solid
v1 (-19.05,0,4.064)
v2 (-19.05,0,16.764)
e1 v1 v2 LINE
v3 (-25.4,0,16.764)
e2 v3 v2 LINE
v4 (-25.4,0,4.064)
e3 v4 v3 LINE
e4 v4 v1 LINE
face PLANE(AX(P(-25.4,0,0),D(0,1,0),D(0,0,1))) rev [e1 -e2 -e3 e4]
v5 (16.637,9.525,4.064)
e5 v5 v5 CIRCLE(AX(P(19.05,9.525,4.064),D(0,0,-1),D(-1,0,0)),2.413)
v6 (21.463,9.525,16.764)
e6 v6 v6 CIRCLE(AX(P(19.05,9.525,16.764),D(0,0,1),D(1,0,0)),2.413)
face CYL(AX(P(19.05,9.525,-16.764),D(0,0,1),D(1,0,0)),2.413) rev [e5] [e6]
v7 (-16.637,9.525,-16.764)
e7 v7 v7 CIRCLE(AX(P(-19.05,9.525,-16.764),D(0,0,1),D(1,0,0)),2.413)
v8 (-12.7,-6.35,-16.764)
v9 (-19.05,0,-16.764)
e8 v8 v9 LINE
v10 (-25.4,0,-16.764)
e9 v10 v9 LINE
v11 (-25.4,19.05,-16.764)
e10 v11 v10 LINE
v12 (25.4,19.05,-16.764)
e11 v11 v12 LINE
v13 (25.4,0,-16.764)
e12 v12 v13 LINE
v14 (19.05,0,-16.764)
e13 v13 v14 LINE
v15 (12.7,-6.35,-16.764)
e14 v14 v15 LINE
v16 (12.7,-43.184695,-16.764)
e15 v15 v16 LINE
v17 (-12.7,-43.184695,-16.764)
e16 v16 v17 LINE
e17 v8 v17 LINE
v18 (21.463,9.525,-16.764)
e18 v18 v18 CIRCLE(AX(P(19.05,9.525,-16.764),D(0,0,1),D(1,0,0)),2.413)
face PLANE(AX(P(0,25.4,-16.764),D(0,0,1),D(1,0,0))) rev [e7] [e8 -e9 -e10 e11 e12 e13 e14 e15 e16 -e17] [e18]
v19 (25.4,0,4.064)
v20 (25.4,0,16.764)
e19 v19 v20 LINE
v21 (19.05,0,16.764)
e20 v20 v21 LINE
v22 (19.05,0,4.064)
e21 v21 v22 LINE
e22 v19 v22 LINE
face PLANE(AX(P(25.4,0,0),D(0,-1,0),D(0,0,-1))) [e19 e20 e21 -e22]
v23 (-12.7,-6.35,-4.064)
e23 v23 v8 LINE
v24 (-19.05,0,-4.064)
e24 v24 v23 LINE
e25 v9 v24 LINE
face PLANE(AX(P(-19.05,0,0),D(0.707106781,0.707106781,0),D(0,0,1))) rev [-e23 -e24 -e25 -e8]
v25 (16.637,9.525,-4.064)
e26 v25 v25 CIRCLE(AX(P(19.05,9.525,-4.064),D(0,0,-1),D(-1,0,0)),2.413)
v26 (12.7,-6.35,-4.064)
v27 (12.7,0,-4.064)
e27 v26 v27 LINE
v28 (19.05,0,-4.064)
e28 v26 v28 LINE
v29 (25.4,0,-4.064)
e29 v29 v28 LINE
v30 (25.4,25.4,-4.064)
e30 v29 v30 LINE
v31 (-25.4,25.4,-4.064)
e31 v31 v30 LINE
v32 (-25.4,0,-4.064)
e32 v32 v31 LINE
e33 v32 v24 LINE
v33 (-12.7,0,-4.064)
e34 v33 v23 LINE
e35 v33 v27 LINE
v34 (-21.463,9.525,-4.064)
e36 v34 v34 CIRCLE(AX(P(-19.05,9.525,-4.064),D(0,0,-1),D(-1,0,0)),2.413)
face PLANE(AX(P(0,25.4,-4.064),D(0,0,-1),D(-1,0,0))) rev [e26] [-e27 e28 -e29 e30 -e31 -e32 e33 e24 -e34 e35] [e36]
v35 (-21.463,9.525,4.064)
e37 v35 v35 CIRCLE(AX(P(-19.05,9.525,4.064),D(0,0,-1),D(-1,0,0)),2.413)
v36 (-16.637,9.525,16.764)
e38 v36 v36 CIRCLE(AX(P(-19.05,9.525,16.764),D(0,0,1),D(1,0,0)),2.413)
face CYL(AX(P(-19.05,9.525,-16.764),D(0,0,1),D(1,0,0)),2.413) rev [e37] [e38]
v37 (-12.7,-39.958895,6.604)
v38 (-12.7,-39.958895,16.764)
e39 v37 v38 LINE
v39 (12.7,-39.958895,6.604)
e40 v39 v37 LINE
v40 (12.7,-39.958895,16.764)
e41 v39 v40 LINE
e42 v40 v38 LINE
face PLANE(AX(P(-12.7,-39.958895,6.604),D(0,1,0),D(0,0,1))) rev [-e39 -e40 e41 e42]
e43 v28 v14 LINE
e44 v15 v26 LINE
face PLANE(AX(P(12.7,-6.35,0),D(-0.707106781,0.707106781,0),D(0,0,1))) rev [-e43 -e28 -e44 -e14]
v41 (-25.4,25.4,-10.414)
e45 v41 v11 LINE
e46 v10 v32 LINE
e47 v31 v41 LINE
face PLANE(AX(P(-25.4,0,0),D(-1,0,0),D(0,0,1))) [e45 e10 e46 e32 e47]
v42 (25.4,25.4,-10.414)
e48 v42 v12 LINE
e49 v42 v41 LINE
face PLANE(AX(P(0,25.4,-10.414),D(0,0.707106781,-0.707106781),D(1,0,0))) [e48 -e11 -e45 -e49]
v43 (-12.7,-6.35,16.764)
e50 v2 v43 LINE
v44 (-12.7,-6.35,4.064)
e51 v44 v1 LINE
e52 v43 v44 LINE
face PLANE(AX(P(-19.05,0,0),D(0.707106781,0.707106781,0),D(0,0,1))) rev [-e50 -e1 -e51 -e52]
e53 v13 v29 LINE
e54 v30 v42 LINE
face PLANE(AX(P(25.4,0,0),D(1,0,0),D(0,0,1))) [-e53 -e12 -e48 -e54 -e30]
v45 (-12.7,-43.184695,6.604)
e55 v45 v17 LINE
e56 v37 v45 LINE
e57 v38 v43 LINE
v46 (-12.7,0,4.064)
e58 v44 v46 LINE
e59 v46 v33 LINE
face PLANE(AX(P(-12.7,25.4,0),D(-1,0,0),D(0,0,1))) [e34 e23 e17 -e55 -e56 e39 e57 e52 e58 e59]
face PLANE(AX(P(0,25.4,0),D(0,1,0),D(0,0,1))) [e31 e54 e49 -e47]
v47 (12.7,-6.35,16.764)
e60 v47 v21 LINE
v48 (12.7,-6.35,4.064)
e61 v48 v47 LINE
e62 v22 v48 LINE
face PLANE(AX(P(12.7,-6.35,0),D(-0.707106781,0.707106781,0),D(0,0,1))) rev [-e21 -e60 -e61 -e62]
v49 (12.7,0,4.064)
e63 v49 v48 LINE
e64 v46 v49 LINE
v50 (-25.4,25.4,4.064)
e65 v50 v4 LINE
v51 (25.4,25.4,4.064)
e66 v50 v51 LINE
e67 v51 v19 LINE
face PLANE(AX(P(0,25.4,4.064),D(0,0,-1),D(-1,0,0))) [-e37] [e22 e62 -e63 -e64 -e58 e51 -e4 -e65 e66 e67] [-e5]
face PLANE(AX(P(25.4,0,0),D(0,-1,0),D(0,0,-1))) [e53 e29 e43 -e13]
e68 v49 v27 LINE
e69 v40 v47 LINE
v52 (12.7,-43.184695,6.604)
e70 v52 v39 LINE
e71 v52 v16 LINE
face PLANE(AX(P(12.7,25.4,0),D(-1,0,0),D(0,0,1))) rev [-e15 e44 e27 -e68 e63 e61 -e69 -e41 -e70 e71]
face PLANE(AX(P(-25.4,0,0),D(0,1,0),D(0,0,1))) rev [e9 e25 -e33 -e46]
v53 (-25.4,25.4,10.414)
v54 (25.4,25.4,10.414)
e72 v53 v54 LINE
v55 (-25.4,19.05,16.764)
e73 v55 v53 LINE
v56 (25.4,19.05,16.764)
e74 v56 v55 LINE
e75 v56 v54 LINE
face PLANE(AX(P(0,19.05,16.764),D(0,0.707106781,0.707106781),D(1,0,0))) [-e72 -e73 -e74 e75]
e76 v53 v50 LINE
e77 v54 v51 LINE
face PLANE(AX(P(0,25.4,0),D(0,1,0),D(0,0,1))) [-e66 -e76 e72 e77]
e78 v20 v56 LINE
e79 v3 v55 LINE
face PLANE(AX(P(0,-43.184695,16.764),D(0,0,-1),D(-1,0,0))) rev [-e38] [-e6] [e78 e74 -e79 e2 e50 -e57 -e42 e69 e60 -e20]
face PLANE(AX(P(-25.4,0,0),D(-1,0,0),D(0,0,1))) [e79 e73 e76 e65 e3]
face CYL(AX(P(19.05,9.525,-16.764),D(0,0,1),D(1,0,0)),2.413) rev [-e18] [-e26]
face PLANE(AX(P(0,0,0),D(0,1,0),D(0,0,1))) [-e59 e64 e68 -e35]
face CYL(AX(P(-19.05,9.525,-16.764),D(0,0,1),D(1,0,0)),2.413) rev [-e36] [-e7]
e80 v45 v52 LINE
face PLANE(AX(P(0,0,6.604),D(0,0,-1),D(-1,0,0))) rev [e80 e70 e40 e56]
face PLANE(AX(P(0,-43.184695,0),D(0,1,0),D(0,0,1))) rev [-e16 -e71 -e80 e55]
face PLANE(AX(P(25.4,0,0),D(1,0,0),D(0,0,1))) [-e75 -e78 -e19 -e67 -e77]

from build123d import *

# Parameters (mm, degrees)
SKETCH1_W             = 25.4
SKETCH1_H             = 12.7
BOSS_EXTRUDE1_DEPTH   = 25.4
BOSS_EXTRUDE1_2_DEPTH = 25.4
SKETCH1_3_W           = 25.4
SKETCH1_3_H           = 33.528
BOSS_EXTRUDE2_DEPTH   = 43.184694682
SKETCH2_W             = 25.4
SKETCH2_H             = 3.2258
CUT_EXTRUDE1_DEPTH    = 10.16
CHAMFER1_SIZE         = 6.35
BOSS_EXTRUDE3_DEPTH   = 12.7
SKETCH6_R             = 2.413
CUT_EXTRUDE3_DEPTH    = 61.284364795
CHAMFER2_SIZE         = 6.35


with BuildPart() as part:
    # Sketch1 → Boss-Extrude1 (new body)
    with BuildSketch(Plane(origin=(0, 0, 0), x_dir=(1, 0, 0), z_dir=(0, 1, 0))):
        with Locations((0, -10.414)):
            Rectangle(SKETCH1_W, SKETCH1_H)
    extrude(amount=BOSS_EXTRUDE1_DEPTH)



with BuildPart() as body_2:
    # Sketch1 → Boss-Extrude1 2 (new body)
    with BuildSketch(Plane(origin=(0, 0, 0), x_dir=(1, 0, 0), z_dir=(0, 1, 0))):
        with Locations((0, 10.414)):
            Rectangle(SKETCH1_W, SKETCH1_H)
    extrude(amount=BOSS_EXTRUDE1_2_DEPTH)


with BuildPart() as part_1:
    add(part.part)

    add(body_2.part)  # Boss-Extrude2 merges body 2
    # Sketch1<3> → Boss-Extrude2 (add)
    with BuildSketch(Plane(origin=(0, 0, 0), x_dir=(1, 0, 0), z_dir=(0, 1, 0))):
        Rectangle(SKETCH1_3_W, SKETCH1_3_H)
    extrude(amount=-BOSS_EXTRUDE2_DEPTH)

    # Sketch2 → Cut-Extrude1 (cut)
    with BuildSketch(Plane.XY.offset(16.764)):
        with Locations((0, -41.571794682)):
            Rectangle(SKETCH2_W, SKETCH2_H)
    extrude(amount=-CUT_EXTRUDE1_DEPTH, mode=Mode.SUBTRACT)

    # Chamfer1
    chamfer1_edges = [part_1.edges().sort_by_distance(p)[0] for p in [
        (0, 25.4, -16.764),
        (0, 25.4, 16.764),
    ]]
    chamfer(chamfer1_edges, length=CHAMFER1_SIZE)

    # Sketch5 → Boss-Extrude3 (add)
    with BuildSketch(Plane.ZY.offset(12.7)):
        Polygon((-10.414, 25.4), (-16.764, 19.05), (-16.764, 0), (-4.064, 0), (-4.064, 25.4), align=None)
        Polygon((4.064, 25.4), (4.064, 0), (16.764, 0), (16.764, 19.05), (10.414, 25.4), align=None)
    boss_extrude3 = extrude(amount=BOSS_EXTRUDE3_DEPTH)

    # Mirror1: Boss-Extrude3 across plane
    add(boss_extrude3.mirror(Plane(origin=(0, 0, 0), x_dir=(0, 0, 1), z_dir=(1, 0, 0))))

    # Sketch6 → Cut-Extrude3 (cut, through all)
    with BuildSketch(Plane.XY.offset(16.764)):
        with Locations((-19.05, 9.525)):
            Circle(SKETCH6_R)
        with Locations((19.05, 9.525)):
            Circle(SKETCH6_R)
    extrude(amount=-CUT_EXTRUDE3_DEPTH, mode=Mode.SUBTRACT)

    # Chamfer2
    chamfer2_edges = [part_1.edges().sort_by_distance(p)[0] for p in [
        (12.7, 0, -10.414),
        (12.7, 0, 10.414),
        (-12.7, 0, -10.414),
        (-12.7, 0, 10.414),
    ]]
    chamfer(chamfer2_edges, length=CHAMFER2_SIZE)


solid = part_1.part
